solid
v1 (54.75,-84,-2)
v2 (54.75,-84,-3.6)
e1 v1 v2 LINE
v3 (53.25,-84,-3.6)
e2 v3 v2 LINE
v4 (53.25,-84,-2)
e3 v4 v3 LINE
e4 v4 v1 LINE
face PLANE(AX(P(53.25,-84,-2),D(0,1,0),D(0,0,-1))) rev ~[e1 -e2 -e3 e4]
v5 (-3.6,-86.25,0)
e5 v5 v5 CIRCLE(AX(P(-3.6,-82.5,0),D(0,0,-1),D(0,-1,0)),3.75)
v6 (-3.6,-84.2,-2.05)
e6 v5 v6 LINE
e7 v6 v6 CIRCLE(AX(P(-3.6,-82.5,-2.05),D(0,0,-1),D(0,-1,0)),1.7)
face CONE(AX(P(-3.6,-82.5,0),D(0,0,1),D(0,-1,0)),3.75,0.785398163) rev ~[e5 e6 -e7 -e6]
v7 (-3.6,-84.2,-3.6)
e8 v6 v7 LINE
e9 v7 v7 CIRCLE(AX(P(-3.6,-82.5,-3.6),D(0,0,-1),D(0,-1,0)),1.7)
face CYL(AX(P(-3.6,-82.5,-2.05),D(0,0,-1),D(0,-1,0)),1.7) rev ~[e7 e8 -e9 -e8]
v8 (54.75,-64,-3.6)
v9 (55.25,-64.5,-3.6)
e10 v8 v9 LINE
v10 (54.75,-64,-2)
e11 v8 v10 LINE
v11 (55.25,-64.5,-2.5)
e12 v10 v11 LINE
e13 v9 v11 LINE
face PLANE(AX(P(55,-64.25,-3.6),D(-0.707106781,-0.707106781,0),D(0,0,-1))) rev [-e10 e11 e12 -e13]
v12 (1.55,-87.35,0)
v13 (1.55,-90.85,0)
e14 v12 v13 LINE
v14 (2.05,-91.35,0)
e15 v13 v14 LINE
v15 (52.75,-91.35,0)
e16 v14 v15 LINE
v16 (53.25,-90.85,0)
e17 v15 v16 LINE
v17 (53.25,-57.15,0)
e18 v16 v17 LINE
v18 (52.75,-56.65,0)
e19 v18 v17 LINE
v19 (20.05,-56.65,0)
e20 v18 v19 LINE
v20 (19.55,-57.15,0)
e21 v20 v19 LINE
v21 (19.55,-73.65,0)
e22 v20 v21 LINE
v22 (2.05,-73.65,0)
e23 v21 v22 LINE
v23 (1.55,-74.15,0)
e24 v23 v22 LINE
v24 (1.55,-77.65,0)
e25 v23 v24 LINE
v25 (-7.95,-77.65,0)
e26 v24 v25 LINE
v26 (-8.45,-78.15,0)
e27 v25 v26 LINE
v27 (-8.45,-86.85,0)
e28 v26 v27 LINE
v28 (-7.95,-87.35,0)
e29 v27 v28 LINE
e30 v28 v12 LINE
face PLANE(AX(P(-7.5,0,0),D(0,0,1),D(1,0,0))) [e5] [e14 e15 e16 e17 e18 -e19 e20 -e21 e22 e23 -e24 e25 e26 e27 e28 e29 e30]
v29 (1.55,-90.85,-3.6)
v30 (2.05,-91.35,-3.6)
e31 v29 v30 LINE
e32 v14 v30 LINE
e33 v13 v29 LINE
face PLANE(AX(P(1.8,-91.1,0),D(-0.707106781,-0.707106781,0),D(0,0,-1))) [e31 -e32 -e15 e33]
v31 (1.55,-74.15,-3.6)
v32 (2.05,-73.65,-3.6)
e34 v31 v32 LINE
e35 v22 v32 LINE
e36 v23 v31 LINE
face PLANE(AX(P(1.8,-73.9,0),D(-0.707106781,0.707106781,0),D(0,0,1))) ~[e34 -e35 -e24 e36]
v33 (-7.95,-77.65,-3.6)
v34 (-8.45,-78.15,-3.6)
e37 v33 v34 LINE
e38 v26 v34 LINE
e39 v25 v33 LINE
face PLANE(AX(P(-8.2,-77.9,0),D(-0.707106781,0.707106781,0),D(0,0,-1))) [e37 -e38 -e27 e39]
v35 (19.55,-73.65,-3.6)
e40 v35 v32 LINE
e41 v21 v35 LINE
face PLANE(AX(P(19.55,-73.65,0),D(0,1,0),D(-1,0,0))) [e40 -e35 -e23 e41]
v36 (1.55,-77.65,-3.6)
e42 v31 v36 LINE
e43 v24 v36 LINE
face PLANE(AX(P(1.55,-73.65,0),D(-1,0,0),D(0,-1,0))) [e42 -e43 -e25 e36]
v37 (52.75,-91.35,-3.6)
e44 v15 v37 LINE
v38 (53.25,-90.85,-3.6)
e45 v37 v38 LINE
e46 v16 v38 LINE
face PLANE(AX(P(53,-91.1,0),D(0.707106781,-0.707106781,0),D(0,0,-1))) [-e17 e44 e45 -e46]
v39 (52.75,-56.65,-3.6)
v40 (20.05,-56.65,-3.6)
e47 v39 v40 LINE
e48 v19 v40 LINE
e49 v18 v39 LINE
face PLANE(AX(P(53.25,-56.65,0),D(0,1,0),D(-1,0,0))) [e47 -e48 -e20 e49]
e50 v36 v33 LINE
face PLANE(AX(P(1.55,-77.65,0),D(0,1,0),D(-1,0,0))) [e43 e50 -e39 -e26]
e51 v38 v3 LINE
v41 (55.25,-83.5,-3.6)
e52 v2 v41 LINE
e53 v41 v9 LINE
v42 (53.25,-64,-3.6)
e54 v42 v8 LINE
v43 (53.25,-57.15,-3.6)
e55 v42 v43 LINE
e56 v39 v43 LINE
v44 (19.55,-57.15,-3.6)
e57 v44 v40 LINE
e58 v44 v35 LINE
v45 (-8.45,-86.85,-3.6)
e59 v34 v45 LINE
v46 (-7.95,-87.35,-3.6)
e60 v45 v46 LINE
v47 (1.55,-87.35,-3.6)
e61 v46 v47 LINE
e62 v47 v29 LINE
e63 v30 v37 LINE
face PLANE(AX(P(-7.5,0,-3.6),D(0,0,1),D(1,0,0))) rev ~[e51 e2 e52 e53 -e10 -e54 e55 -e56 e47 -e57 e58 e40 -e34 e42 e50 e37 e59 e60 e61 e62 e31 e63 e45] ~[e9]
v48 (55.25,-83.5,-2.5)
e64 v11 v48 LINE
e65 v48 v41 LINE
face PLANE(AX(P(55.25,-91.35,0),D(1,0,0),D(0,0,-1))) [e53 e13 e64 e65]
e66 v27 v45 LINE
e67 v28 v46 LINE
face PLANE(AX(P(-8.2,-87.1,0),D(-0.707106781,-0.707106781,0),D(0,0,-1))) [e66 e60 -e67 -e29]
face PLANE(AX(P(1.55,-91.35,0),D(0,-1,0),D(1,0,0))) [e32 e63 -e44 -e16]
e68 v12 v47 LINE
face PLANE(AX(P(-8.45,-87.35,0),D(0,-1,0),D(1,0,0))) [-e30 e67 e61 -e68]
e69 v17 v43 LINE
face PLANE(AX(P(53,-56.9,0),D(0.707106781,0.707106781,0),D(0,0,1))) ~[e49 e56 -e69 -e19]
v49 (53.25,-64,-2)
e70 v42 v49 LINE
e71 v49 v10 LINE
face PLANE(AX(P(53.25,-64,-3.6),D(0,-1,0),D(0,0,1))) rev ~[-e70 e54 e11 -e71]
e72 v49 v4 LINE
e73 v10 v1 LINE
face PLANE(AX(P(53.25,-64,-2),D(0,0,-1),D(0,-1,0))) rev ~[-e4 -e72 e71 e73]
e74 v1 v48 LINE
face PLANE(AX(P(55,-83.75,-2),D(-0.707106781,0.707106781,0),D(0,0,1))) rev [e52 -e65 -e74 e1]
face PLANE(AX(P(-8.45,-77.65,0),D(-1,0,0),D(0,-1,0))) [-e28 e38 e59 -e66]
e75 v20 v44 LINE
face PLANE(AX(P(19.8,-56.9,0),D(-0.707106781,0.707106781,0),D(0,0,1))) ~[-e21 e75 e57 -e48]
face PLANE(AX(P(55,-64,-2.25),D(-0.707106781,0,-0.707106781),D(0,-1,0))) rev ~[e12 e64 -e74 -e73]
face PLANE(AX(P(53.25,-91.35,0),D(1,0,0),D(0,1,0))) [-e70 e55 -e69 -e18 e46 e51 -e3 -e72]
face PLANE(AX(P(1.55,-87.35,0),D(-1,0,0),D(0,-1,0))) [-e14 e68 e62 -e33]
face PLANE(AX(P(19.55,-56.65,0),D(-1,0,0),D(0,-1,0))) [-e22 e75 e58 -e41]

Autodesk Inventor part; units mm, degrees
ref_plane "YZ Plane" through (0, 0, 0) normal (1, 0, 0) x (0, 1, 0)
ref_plane "XZ Plane" through (0, 0, 0) normal (0, 1, 0) x (-1, 0, 0)
ref_plane "XY Plane" through (0, 0, 0) normal (0, 0, 1) x (1, 0, 0)
ref_plane "Arbeitsebene1" through (-7.5, 0, 0) normal (0, 0, 1) x (1, 0, 0)
sketch "Skizze1" plane through (-7.5, 0, 0) normal (0, 0, 1) x (1, 0, 0)
  line L0 (-71.1, -93.5) -> (-71.1, 90.5) projected
  line L1 (62.9, -94.5) -> (-70.1, -94.5) projected
  line L2 (63.9, 90.5) -> (63.9, -93.5) projected
  line L3 (-70.1, 91.5) -> (62.9, 91.5) projected
  line L4 (23.9, -70.5) -> (-66.1, -70.5) projected
  line L5 (-66.1, -70.5) -> (-66.1, 73.5) projected
  line L6 (-66.1, 73.5) -> (23.9, 73.5) projected
  line L7 (23.9, 73.5) -> (23.9, -70.5) projected
  line L8 (8.9, -87.5) -> (-1.1, -87.5) projected
  line L9 (-1.1, -87.5) -> (-1.1, -77.5) projected
  line L10 (-1.1, -77.5) -> (8.9, -77.5) projected
  line L11 (8.9, -77.5) -> (8.9, -73.5) projected
  line L12 (8.9, -73.5) -> (26.9, -73.5) projected
  line L13 (26.9, -73.5) -> (26.9, -56.5) projected
  line L14 (26.9, -56.5) -> (60.9, -56.5) projected
  line L15 (60.9, -56.5) -> (60.9, -91.5) projected
  line L16 (60.9, -91.5) -> (8.9, -91.5) projected
  line L17 (8.9, -91.5) -> (8.9, -87.5) projected
  line L18 (-0.95, -77.65) -> (-0.95, -87.35)
  line L19 (-0.95, -87.35) -> (9.05, -87.35)
  line L20 (9.05, -87.35) -> (9.05, -91.35)
  line L21 (9.05, -91.35) -> (60.75, -91.35)
  line L22 (60.75, -91.35) -> (60.75, -56.65)
  line L23 (60.75, -56.65) -> (27.05, -56.65)
  line L24 (27.05, -56.65) -> (27.05, -73.65)
  line L25 (27.05, -73.65) -> (9.05, -73.65)
  line L26 (9.05, -73.65) -> (9.05, -77.65)
  line L27 (9.05, -77.65) -> (-0.95, -77.65)
  line L28 (63.9, -93.5) -> (62.9, -94.5) projected
  line L29 (62.9, 91.5) -> (63.9, 90.5) projected
  line L30 (-71.1, 90.5) -> (-70.1, 91.5) projected
  line L31 (-70.1, -94.5) -> (-71.1, -93.5) projected
  circle A0 centre (43.9, -1.5) radius 7.55 projected
  circle A1 centre (-61.1, -85.5) radius 7.55 projected
  circle A2 centre (-61.1, 82.5) radius 7.55 projected
  point P0 (7.5, 0)
  dimension "d0" = 0.15
extrude "Extrusion1" add sketch "Skizze1" against normal blind 3.6 contours L27 L26 L25 L24 L23 L22 L21 L20 L19 L18
sketch "Skizze2" plane through (-7.5, 0, 0) normal (0, 0, 1) x (1, 0, 0)
  circle A0 centre (3.9, -82.5) radius 2 projected
  point P0 (7.5, 0)
hole "Bohrung1" at (-3.6, -82.5, 0) direction (0, 0, -1) diameter 3.4 depth 8 countersink diameter 7.5 countersink angle 90 clearance for "Innensechskant-Senkkopfschraube DIN EN ISO 10642" size "M3" standard "DIN"
sketch "Skizze3" plane through (53.25, -91.35, 0) normal (1, 0, 0) x (0, 0, -1)
  line L0 (2, 27.35) -> (2, 7.35) projected
  line L1 (2, 7.35) -> (3.6, 7.35)
  line L2 (3.6, 7.35) -> (3.6, 27.35)
  line L3 (3.6, 27.35) -> (2, 27.35)
  line L4 (2, 27.35) -> (2, 7.35)
  point P0 (0, 91.35)
  point P1 (3.6, 34.7)
extrude "Extrusion2" add sketch "Skizze3" along normal blind 2
chamfer "Fasen1" distance 0.5 angle 45 7 edges at (-8.45, -87.35, -1.8) (-8.45, -77.65, -1.8) (1.55, -73.65, -1.8) (1.55, -91.35, -1.8) (19.55, -56.65, -1.8) (53.25, -56.65, -1.8) (53.25, -91.35, -1.8)
chamfer "Fasen2" distance 0.5 angle 45 3 edges at (55.25, -84, -2.8) (55.25, -64, -2.8) (55.25, -74, -2)
properties part number "Kameraturm_Abdeckung_Unten"
